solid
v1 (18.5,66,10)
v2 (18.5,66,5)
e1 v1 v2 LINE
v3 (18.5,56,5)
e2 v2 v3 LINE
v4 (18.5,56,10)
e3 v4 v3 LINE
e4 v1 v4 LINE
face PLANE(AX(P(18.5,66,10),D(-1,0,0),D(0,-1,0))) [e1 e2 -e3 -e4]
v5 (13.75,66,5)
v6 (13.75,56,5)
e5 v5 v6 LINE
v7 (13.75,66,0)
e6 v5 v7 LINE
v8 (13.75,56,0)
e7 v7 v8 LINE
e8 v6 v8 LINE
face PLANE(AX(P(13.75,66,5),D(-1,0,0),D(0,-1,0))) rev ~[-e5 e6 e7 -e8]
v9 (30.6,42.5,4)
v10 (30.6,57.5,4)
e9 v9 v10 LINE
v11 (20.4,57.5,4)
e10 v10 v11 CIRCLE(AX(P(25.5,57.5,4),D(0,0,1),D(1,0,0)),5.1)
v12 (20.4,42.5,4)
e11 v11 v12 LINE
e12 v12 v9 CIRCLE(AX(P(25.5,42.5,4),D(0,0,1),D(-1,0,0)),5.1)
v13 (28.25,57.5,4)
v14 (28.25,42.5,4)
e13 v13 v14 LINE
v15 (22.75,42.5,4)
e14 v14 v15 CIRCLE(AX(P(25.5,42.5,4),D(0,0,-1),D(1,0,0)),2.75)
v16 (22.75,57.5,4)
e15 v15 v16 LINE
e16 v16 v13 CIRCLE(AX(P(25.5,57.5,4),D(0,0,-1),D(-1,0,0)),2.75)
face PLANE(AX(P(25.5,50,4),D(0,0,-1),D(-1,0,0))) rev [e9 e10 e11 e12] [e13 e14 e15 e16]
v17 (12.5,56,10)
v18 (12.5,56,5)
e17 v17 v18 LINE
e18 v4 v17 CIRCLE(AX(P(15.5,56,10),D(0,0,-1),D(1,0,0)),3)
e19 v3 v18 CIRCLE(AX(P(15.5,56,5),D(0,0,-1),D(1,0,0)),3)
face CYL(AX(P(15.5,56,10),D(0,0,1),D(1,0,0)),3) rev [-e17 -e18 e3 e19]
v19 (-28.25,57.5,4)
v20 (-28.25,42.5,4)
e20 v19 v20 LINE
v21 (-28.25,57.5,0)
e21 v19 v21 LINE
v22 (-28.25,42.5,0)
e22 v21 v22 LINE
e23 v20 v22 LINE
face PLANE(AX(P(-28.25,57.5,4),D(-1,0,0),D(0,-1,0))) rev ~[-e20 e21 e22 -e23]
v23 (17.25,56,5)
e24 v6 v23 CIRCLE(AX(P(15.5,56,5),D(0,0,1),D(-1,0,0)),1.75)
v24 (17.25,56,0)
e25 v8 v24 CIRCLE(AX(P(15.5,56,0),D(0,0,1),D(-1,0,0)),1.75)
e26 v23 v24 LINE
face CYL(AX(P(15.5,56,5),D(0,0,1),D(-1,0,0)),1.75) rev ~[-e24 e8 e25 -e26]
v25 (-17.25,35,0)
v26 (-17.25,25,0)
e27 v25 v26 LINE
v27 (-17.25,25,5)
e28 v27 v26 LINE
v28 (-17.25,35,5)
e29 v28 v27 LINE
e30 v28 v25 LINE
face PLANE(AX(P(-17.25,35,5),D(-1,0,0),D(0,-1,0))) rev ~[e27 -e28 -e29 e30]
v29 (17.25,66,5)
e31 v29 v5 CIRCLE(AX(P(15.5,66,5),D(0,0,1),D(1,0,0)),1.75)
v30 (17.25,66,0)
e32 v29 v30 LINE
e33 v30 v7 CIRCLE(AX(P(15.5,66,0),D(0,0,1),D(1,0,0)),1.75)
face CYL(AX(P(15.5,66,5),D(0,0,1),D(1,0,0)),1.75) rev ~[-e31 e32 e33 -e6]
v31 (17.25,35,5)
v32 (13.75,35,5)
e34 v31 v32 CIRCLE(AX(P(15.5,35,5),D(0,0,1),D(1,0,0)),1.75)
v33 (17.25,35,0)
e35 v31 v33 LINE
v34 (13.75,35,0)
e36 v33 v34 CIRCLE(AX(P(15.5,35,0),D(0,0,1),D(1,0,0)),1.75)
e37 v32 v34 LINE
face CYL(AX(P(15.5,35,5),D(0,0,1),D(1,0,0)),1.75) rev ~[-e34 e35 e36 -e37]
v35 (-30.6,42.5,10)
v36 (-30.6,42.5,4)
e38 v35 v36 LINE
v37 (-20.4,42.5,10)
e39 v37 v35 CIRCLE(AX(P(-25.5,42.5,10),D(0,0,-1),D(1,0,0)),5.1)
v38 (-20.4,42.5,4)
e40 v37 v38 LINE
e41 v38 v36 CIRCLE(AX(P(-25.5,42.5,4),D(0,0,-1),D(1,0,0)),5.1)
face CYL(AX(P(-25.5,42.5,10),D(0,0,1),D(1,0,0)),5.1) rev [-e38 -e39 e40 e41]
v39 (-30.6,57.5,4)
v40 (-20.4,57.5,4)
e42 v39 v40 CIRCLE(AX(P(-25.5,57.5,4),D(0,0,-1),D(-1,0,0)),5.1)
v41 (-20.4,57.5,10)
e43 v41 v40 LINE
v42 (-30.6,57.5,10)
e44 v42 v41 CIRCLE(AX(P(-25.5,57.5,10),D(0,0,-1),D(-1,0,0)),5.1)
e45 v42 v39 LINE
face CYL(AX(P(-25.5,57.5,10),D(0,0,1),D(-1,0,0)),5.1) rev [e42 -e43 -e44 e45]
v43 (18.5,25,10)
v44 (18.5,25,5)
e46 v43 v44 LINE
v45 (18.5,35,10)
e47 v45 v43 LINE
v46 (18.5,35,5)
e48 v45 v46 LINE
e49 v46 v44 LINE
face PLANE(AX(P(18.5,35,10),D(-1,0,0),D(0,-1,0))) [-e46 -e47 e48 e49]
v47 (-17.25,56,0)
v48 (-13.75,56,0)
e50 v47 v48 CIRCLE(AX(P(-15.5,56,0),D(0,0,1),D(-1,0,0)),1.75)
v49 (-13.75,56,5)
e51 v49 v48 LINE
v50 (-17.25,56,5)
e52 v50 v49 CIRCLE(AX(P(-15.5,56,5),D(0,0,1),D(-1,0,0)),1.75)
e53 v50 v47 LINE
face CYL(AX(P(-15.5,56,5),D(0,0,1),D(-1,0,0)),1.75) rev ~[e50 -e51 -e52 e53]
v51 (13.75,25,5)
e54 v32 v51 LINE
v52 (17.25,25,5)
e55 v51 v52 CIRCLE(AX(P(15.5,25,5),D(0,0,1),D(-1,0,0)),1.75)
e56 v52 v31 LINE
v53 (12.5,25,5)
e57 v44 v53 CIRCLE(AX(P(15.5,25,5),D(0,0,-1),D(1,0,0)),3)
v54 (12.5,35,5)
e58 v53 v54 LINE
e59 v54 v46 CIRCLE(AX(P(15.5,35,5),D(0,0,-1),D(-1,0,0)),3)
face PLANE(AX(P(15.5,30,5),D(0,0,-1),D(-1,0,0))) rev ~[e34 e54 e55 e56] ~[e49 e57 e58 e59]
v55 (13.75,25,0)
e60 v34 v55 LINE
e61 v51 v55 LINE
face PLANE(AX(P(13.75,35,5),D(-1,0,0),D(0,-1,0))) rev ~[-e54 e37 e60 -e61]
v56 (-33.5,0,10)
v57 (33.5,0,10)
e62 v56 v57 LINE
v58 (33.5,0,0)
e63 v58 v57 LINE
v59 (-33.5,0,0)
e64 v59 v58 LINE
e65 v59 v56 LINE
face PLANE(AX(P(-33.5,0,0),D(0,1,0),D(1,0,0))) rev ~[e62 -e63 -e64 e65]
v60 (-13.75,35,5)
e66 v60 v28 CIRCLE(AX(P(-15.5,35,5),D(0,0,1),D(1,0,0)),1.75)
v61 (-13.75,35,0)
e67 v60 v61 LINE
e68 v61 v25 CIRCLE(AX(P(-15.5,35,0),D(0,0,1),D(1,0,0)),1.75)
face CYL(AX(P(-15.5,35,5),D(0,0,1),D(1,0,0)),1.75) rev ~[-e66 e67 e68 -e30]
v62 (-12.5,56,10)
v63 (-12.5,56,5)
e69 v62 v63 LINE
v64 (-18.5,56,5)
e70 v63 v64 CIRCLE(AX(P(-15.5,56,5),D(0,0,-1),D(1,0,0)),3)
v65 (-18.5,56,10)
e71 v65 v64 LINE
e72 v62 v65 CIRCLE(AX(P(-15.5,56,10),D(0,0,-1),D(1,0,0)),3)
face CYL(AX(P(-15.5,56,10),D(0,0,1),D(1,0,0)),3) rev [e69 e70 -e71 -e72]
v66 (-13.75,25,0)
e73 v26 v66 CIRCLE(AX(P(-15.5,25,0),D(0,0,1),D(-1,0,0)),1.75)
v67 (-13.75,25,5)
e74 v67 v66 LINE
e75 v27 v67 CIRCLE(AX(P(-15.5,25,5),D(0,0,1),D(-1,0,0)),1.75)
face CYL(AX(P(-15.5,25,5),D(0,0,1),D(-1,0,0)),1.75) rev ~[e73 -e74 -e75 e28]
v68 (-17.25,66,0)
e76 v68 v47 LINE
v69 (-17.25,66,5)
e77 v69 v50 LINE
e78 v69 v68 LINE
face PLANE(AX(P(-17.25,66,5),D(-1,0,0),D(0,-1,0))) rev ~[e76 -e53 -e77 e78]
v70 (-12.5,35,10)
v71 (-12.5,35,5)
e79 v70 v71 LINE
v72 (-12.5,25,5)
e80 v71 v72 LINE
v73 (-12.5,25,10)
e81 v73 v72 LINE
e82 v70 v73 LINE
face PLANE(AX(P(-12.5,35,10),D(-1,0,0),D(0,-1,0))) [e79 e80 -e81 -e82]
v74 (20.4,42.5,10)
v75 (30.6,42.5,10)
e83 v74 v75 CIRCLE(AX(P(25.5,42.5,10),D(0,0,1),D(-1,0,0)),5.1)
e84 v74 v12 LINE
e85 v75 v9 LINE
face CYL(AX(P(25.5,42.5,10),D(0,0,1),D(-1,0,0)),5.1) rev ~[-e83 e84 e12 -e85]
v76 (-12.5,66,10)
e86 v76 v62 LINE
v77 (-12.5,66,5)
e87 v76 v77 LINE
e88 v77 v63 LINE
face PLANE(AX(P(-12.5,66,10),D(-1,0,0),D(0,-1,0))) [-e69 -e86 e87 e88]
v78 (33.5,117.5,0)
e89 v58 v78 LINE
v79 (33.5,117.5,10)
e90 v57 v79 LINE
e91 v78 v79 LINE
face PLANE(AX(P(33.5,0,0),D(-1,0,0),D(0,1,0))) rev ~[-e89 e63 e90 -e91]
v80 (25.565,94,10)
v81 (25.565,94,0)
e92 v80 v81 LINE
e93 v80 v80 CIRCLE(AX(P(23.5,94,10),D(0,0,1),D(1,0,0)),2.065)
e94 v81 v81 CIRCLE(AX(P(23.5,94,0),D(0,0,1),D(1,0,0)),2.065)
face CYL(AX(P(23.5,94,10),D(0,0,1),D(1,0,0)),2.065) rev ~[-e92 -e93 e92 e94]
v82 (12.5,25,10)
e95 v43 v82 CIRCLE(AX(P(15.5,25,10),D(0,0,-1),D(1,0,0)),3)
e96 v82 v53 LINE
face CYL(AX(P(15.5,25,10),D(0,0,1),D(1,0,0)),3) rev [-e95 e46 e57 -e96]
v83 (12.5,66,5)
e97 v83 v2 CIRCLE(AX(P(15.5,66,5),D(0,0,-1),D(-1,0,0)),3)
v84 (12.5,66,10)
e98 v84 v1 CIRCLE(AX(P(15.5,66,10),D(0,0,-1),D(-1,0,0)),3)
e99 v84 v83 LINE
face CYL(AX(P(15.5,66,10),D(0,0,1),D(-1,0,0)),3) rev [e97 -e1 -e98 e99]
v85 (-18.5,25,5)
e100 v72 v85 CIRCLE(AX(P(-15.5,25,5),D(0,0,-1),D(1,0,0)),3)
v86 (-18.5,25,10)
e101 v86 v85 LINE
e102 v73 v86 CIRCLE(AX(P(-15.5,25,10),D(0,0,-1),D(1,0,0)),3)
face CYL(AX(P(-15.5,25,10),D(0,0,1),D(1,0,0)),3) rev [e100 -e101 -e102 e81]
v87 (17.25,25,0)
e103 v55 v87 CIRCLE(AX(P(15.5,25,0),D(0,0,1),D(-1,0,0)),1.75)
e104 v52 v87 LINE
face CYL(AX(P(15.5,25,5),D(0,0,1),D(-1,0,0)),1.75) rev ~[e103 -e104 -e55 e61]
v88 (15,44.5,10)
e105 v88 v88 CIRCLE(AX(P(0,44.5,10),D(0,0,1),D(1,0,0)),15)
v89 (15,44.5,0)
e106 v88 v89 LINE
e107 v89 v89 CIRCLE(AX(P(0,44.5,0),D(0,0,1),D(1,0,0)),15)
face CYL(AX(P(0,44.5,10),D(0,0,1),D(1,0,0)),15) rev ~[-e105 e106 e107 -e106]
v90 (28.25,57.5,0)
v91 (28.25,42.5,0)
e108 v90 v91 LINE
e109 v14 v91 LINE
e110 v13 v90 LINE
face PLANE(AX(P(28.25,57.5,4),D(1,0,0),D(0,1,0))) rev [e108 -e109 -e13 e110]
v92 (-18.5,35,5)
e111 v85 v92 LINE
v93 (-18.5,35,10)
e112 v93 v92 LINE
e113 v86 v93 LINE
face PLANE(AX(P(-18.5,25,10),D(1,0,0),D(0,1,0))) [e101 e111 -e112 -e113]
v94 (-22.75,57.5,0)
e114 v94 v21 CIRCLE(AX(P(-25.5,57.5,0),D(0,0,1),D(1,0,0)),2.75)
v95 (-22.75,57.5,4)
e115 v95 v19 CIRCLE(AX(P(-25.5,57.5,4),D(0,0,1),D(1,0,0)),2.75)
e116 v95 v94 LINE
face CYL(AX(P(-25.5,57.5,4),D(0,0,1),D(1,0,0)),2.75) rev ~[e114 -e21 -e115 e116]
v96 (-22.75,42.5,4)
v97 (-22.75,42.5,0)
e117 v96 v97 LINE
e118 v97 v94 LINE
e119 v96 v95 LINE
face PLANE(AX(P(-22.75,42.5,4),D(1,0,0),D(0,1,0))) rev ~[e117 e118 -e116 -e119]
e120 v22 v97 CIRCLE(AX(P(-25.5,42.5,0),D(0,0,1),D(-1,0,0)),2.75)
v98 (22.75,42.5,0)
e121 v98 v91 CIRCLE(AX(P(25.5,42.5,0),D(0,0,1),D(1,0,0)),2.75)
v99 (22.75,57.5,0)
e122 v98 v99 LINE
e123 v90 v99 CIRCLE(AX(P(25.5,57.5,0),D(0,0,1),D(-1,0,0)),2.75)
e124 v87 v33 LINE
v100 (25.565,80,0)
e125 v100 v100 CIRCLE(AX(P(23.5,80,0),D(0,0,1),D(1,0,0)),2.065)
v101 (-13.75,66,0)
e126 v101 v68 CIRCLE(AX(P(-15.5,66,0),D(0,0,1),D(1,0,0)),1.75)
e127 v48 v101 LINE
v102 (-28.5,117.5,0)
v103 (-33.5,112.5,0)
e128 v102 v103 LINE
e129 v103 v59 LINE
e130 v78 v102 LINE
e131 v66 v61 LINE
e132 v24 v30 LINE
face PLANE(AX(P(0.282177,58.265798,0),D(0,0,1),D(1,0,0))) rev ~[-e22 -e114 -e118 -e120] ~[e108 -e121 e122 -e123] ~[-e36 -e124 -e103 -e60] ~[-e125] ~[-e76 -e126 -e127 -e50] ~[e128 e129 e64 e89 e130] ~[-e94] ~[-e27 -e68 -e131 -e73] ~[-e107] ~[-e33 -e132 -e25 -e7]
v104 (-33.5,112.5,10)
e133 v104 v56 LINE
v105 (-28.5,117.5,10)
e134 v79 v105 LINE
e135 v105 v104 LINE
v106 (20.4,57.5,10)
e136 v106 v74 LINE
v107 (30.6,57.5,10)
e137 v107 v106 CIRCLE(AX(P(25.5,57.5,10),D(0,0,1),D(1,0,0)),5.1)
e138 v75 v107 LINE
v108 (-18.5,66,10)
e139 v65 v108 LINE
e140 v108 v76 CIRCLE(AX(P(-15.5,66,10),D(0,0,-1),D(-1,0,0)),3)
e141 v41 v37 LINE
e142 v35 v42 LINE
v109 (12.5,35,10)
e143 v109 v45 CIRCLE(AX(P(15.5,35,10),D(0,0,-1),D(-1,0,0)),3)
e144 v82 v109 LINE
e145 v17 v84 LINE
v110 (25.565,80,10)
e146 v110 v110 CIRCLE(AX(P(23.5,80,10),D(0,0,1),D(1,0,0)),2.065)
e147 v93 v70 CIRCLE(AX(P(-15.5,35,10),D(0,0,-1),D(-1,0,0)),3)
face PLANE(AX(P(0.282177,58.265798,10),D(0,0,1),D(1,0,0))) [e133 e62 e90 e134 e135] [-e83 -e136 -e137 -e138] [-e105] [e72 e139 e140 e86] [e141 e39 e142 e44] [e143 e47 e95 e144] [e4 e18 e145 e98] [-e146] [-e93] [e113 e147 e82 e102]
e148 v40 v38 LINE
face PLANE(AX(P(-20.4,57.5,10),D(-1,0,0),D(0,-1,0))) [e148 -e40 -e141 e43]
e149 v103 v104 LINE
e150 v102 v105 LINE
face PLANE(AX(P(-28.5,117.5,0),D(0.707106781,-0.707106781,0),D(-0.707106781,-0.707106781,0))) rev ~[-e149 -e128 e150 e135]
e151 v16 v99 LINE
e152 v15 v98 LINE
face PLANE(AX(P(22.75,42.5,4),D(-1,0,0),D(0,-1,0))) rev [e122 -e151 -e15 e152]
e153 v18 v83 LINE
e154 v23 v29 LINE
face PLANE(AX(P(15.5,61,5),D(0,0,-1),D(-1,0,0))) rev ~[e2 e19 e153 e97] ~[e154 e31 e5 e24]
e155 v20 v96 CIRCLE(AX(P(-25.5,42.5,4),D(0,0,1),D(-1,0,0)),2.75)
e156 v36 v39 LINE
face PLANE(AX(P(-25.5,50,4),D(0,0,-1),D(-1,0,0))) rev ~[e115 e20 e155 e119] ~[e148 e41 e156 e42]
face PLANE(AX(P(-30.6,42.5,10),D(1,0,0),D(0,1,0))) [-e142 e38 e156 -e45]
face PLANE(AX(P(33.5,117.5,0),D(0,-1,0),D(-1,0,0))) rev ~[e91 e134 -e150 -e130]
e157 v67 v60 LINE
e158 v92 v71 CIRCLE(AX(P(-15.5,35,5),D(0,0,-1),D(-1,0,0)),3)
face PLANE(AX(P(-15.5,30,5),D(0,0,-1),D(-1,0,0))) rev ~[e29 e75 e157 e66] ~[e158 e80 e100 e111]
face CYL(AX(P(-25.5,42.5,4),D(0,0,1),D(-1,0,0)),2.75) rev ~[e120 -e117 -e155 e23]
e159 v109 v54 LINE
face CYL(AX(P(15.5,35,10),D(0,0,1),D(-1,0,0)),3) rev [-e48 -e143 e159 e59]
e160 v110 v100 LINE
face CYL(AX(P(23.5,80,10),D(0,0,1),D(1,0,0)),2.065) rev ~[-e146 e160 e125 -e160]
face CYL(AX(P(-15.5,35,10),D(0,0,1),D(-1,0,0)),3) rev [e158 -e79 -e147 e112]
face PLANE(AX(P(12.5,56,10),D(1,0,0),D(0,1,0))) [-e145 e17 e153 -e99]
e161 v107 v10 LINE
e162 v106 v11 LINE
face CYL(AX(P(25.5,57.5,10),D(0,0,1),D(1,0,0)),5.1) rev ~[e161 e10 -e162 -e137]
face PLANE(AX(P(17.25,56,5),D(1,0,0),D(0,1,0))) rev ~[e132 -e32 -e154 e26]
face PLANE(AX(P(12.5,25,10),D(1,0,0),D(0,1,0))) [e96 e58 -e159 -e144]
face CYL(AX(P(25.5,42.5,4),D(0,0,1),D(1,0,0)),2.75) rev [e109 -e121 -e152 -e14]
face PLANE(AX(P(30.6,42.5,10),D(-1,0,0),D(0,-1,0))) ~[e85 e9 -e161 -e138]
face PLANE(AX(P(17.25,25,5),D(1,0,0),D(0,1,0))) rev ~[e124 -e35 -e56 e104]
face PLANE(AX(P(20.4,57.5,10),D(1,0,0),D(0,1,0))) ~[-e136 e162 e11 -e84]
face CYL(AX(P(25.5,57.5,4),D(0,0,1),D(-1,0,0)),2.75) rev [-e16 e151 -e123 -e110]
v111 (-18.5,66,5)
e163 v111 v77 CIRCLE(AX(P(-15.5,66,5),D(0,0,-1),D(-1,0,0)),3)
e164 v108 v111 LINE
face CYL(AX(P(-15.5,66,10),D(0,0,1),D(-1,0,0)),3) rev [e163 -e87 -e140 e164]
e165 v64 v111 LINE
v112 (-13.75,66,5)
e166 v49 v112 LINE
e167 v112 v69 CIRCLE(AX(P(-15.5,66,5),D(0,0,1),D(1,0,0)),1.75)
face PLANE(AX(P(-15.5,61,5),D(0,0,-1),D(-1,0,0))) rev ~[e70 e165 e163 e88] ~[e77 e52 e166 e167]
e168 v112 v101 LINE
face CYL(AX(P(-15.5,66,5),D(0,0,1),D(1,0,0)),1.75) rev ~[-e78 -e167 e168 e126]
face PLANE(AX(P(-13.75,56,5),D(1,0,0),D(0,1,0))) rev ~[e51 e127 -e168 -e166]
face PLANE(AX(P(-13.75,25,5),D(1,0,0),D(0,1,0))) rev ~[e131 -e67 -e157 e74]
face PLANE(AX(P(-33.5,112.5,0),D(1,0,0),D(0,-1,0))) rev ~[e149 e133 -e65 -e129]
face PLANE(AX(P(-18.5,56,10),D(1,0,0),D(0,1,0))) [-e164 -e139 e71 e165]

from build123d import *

# Parameters (mm, degrees)
BOSS_EXTRUDE1_DEPTH  = 10
SKETCH2_R            = 15
MOTOR_HOLE_DEPTH     = 11
SCREW_HOLE_DEPTH     = 5
CUT_EXTRUDE3_DEPTH   = 6
LPATTERN1_COUNT      = 2
LPATTERN1_PITCH      = 31
LPATTERN1_COUNT_DIR2 = 2
LPATTERN1_PITCH_DIR2 = 31
CUT_EXTRUDE4_DEPTH   = 6
CUT_EXTRUDE5_DEPTH   = 5
SKETCH8_R            = 2.065
CUT_EXTRUDE6_DEPTH   = 11


with BuildPart() as part:
    # Sketch1 → Boss-Extrude1 (new body)
    with BuildSketch(Plane.XY):
        Polygon((-33.5, 0), (33.5, 0), (33.5, 117.5), (-28.5, 117.5), (-33.5, 112.5), align=None)
    extrude(amount=BOSS_EXTRUDE1_DEPTH)

    # Sketch2 → Motor Hole (cut, through all)
    with BuildSketch(Plane.XY.offset(10)):
        with Locations((0, 44.5)):
            Circle(SKETCH2_R)
    extrude(amount=-MOTOR_HOLE_DEPTH, mode=Mode.SUBTRACT)

    # Sketch3 → Screw Hole (cut)
    with BuildSketch(Plane.XY.offset(10)):
        with BuildLine():
            Line((-12.5, 66), (-12.5, 56))
            ThreePointArc((-12.5, 56), (-15.5, 53), (-18.5, 56))
            Line((-18.5, 56), (-18.5, 66))
            ThreePointArc((-18.5, 66), (-15.5, 69), (-12.5, 66))
        make_face()
    screw_hole = extrude(amount=-SCREW_HOLE_DEPTH, mode=Mode.SUBTRACT)

    # Sketch5 → Cut-Extrude3 (cut, through all)
    with BuildSketch(Plane.XY.offset(5)):
        with BuildLine():
            Line((-17.25, 66), (-17.25, 56))
            ThreePointArc((-17.25, 56), (-15.5, 54.25), (-13.75, 56))
            Line((-13.75, 56), (-13.75, 66))
            ThreePointArc((-13.75, 66), (-15.5, 67.75), (-17.25, 66))
        make_face()
    cut_extrude3 = extrude(amount=-CUT_EXTRUDE3_DEPTH, mode=Mode.SUBTRACT)

    # LPattern1: Screw Hole, Cut-Extrude3 2 × 2
    with Locations(*[(i * LPATTERN1_PITCH, -j * LPATTERN1_PITCH_DIR2, 0) for i in range(LPATTERN1_COUNT) for j in range(LPATTERN1_COUNT_DIR2) if (i, j) != (0, 0)]):
        add(screw_hole, mode=Mode.SUBTRACT)
        add(cut_extrude3, mode=Mode.SUBTRACT)

    # Sketch6 → Cut-Extrude4 (cut)
    with BuildSketch(Plane.XY.offset(10)):
        with BuildLine():
            Line((-20.4, 57.5), (-20.4, 42.5))
            ThreePointArc((-20.4, 42.5), (-25.5, 37.4), (-30.6, 42.5))
            Line((-30.6, 42.5), (-30.6, 57.5))
            ThreePointArc((-30.6, 57.5), (-25.5, 62.6), (-20.4, 57.5))
        make_face()
    cut_extrude4 = extrude(amount=-CUT_EXTRUDE4_DEPTH, mode=Mode.SUBTRACT)

    # Sketch7 → Cut-Extrude5 (cut, through all)
    with BuildSketch(Plane.XY.offset(4)):
        with BuildLine():
            Line((-28.25, 57.5), (-28.25, 42.5))
            ThreePointArc((-28.25, 42.5), (-25.5, 39.75), (-22.75, 42.5))
            Line((-22.75, 42.5), (-22.75, 57.5))
            ThreePointArc((-22.75, 57.5), (-25.5, 60.25), (-28.25, 57.5))
        make_face()
    cut_extrude5 = extrude(amount=-CUT_EXTRUDE5_DEPTH, mode=Mode.SUBTRACT)

    # Mirror1: Cut-Extrude4, Cut-Extrude5 across plane
    add(cut_extrude4.mirror(Plane(origin=(0, 0, 0), x_dir=(0, 0, 1), z_dir=(1, 0, 0))), mode=Mode.SUBTRACT)
    add(cut_extrude5.mirror(Plane(origin=(0, 0, 0), x_dir=(0, 0, 1), z_dir=(1, 0, 0))), mode=Mode.SUBTRACT)

    # Sketch8 → Cut-Extrude6 (cut, through all)
    with BuildSketch(Plane.XY.offset(10)):
        with Locations((23.5, 94)):
            Circle(SKETCH8_R)
        with Locations((23.5, 80)):
            Circle(SKETCH8_R)
    extrude(amount=-CUT_EXTRUDE6_DEPTH, mode=Mode.SUBTRACT)


solid = part.part
